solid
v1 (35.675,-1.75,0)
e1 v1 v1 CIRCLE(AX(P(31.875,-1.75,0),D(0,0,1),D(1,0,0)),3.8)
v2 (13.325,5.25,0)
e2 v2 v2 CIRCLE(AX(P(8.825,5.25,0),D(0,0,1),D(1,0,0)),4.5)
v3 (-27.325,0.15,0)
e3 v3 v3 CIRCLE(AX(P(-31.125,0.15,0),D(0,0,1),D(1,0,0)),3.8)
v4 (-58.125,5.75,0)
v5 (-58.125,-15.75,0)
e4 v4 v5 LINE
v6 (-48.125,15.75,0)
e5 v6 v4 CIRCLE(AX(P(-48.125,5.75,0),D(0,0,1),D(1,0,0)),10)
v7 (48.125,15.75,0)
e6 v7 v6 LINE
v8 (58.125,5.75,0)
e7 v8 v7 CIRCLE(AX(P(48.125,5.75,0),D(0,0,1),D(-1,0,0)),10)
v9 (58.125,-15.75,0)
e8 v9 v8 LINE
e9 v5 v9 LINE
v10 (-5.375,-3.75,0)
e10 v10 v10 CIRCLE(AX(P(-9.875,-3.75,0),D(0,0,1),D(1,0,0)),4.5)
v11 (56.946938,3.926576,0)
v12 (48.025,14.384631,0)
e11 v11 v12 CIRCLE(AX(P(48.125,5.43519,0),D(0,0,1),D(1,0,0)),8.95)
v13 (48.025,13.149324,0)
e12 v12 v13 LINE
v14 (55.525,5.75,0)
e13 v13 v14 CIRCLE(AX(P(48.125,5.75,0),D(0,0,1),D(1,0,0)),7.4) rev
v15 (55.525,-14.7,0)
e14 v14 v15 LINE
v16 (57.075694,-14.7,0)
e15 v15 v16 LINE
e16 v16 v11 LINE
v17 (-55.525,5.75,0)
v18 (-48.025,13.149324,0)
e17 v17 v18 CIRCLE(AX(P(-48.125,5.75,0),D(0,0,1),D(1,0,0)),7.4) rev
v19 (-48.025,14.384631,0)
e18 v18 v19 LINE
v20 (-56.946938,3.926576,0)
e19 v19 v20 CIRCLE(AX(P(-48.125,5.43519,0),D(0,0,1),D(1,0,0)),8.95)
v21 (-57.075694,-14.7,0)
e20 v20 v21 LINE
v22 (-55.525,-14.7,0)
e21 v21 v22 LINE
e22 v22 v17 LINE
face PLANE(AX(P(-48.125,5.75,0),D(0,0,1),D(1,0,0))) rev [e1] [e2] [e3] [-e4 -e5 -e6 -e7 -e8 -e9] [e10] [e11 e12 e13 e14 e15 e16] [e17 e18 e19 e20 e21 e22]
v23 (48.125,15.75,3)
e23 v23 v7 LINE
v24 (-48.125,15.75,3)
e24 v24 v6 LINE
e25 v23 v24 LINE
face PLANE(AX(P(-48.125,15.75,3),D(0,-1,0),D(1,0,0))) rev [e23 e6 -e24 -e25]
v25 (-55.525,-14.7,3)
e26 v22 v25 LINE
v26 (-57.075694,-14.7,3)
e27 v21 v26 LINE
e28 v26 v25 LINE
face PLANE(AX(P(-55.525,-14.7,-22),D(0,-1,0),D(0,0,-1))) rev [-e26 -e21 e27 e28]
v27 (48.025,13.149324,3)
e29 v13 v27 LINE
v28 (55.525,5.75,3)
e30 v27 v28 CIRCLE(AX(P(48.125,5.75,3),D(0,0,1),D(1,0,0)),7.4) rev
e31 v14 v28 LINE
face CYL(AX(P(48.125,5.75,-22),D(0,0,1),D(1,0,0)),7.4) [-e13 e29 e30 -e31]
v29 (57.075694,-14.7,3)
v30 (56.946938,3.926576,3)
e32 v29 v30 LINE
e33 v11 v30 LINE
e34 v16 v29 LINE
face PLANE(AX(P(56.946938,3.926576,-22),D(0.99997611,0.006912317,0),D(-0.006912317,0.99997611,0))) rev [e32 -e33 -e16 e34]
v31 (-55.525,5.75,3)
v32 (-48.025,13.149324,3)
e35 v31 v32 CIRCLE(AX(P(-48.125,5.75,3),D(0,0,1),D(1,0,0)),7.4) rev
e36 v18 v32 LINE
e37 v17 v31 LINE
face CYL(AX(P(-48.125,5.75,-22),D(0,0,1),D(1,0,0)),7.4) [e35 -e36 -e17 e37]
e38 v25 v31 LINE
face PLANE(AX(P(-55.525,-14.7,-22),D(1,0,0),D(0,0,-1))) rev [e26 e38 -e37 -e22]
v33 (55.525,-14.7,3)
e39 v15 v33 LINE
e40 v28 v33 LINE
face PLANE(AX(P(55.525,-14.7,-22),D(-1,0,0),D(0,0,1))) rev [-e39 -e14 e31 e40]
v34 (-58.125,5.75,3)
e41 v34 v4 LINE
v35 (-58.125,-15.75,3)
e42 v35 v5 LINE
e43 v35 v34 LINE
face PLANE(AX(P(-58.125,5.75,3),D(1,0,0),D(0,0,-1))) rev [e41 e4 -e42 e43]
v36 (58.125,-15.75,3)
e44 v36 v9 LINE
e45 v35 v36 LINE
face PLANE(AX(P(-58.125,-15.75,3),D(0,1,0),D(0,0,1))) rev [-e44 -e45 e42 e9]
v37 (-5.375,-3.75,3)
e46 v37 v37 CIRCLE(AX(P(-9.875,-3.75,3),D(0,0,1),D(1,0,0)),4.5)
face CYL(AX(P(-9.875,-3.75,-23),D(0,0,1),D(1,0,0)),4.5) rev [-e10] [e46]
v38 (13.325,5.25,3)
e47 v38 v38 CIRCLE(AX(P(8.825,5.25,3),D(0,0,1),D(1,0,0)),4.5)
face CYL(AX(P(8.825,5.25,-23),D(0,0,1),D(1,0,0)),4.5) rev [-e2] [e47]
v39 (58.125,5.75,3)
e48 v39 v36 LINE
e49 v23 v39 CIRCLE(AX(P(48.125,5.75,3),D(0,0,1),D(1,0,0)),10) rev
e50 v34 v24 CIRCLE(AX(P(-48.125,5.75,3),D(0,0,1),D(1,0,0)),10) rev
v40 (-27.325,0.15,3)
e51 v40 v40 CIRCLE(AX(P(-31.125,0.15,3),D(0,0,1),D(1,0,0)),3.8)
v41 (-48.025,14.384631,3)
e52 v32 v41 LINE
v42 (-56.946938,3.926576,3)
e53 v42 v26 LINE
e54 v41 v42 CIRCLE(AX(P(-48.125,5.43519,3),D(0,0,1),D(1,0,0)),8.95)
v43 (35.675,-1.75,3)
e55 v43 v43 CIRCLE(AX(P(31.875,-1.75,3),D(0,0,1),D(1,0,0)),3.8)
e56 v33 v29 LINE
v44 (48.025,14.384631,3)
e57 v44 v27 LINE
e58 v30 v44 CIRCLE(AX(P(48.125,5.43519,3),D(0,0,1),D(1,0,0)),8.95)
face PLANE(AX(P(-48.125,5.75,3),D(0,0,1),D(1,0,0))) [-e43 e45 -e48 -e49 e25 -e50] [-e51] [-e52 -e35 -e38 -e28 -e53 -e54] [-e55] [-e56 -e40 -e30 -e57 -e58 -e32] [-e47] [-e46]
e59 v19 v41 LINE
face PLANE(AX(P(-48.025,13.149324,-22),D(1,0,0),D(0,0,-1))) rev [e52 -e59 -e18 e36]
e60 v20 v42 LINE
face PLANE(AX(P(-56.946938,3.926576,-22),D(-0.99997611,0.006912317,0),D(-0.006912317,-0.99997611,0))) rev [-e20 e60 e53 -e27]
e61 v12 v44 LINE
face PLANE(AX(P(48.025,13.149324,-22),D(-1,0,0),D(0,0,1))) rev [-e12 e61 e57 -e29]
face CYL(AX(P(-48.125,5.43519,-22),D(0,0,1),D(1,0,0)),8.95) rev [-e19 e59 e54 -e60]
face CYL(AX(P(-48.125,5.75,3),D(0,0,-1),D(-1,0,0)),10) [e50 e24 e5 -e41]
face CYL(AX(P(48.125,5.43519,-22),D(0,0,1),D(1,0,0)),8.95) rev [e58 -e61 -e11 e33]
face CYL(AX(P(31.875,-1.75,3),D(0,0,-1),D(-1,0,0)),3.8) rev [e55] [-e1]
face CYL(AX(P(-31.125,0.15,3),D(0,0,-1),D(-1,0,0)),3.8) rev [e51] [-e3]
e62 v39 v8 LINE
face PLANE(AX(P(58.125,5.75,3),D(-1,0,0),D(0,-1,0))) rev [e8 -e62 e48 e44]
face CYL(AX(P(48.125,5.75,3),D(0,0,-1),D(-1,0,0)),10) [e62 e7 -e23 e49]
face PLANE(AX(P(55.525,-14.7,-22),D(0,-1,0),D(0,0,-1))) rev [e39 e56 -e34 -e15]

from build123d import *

# Parameters (mm, degrees)
SKETCH1_R           = 3.8
BOSS_EXTRUDE2_DEPTH = 3
SKETCH2_R           = 4.35
BOSS_EXTRUDE3_DEPTH = 25
CUT_EXTRUDE3_START  = -1
SKETCH10_R          = 4.35
CUT_EXTRUDE3_DEPTH  = 1
CUT_EXTRUDE4_DEPTH  = 50
SKETCH12_R          = 4.5
CUT_EXTRUDE6_DEPTH  = 50
CUT_EXTRUDE7_DEPTH  = 25


with BuildPart() as part:
    # Sketch1 → Boss-Extrude2 (new body)
    with BuildSketch(Plane.XY):
        with BuildLine():
            Line((-48.125, 15.75), (48.125, 15.75))
            ThreePointArc((48.125, 15.75), (55.196067812, 12.821067812), (58.125, 5.75))
            Line((58.125, 5.75), (58.125, -15.75))
            Line((58.125, -15.75), (-58.125, -15.75))
            Line((-58.125, -15.75), (-58.125, 5.75))
            ThreePointArc((-58.125, 5.75), (-55.196067812, 12.821067812), (-48.125, 15.75))
        make_face()
        with Locations((31.875, -1.75)):
            Circle(SKETCH1_R, mode=Mode.SUBTRACT)
        with Locations((-31.125, 0.15)):
            Circle(SKETCH1_R, mode=Mode.SUBTRACT)
    extrude(amount=BOSS_EXTRUDE2_DEPTH)

    # Sketch2 → Boss-Extrude3 (add)
    with BuildSketch(Plane.XY.offset(3)):
        with Locations((8.825, 5.25)):
            Circle(SKETCH2_R)
        with Locations((-9.875, -3.75)):
            Circle(SKETCH2_R)
        with BuildLine():
            Line((55.625, 5.75), (55.625, -15.75))
            Line((55.625, -15.75), (58.125, -15.75))
            Line((58.125, -15.75), (58.125, 5.25))
            Line((58.125, 5.25), (58.125, 5.75))
            ThreePointArc((58.125, 5.75), (55.196067812, 12.821067812), (48.125, 15.75))
            Line((48.125, 15.75), (48.125, 13.25))
            ThreePointArc((48.125, 13.25), (53.428300859, 11.053300859), (55.625, 5.75))
        make_face()
        with BuildLine():
            Line((-58.125, -15.75), (-55.625, -15.75))
            Line((-55.625, -15.75), (-55.625, 5.75))
            ThreePointArc((-55.625, 5.75), (-53.428300859, 11.053300859), (-48.125, 13.25))
            Line((-48.125, 13.25), (-48.125, 15.75))
            ThreePointArc((-48.125, 15.75), (-55.196067812, 12.821067812), (-58.125, 5.75))
            Line((-58.125, 5.75), (-58.125, 5.25))
            Line((-58.125, 5.25), (-58.125, -15.75))
        make_face()
    extrude(amount=BOSS_EXTRUDE3_DEPTH)

    # Sketch10 → Cut-Extrude3 (cut)
    with BuildSketch(Plane.XY.offset(28).offset(CUT_EXTRUDE3_START)):
        with Locations((8.825, 5.25)):
            Circle(SKETCH10_R)
        with Locations((-9.875, -3.75)):
            Circle(SKETCH10_R)
    extrude(amount=CUT_EXTRUDE3_DEPTH, mode=Mode.SUBTRACT)

    # Sketch5 → Cut-Extrude4 (cut)
    with BuildSketch(Plane.XY.offset(28)):
        with BuildLine():
            Line((55.525, -14.7), (55.525, 5.75))
            ThreePointArc((55.525, 5.75), (53.322114584, 11.017826876), (48.025, 13.149324293))
            Line((48.025, 13.149324293), (48.025, 14.384631142))
            ThreePointArc((48.025, 14.384631142), (54.933874825, 11.243952477), (56.946937757, 3.926576481))
            Line((56.946937757, 3.926576481), (57.075693637, -14.7))
            Line((57.075693637, -14.7), (55.525, -14.7))
        make_face()
        with BuildLine():
            Line((-56.946937757, 3.926576481), (-57.075693637, -14.7))
            Line((-57.075693637, -14.7), (-55.525, -14.7))
            Line((-55.525, -14.7), (-55.525, 5.75))
            ThreePointArc((-55.525, 5.75), (-53.322114584, 11.017826876), (-48.025, 13.149324293))
            Line((-48.025, 13.149324293), (-48.025, 14.384631142))
            ThreePointArc((-48.025, 14.384631142), (-54.933874825, 11.243952477), (-56.946937757, 3.926576481))
        make_face()
    extrude(amount=-CUT_EXTRUDE4_DEPTH, mode=Mode.SUBTRACT)

    # Sketch12 → Cut-Extrude6 (cut)
    with BuildSketch(Plane.XY.offset(27)):
        with Locations((-9.875, -3.75)):
            Circle(SKETCH12_R)
        with Locations((8.825, 5.25)):
            Circle(SKETCH12_R)
    extrude(amount=-CUT_EXTRUDE6_DEPTH, mode=Mode.SUBTRACT)

    # Sketch13 → Cut-Extrude7 (cut)
    with BuildSketch(Plane.XY.offset(28)):
        with BuildLine():
            Line((57.075693637, -14.7), (55.625, -14.7))
            Line((55.625, -14.7), (55.625, -15.75))
            Line((55.625, -15.75), (58.125, -15.75))
            Line((58.125, -15.75), (58.125, 5.75))
            ThreePointArc((58.125, 5.75), (55.196067812, 12.821067812), (48.125, 15.75))
            Line((48.125, 15.75), (48.125, 14.385189819))
            ThreePointArc((48.125, 14.385189819), (54.966220263, 11.205822827), (56.946937757, 3.926576481))
            Line((56.946937757, 3.926576481), (57.075693637, -14.7))
        make_face()
        with BuildLine():
            Line((-48.125, 14.385189819), (-48.125, 15.75))
            ThreePointArc((-48.125, 15.75), (-55.196067812, 12.821067812), (-58.125, 5.75))
            Line((-58.125, 5.75), (-58.125, -15.75))
            Line((-58.125, -15.75), (-55.625, -15.75))
            Line((-55.625, -15.75), (-55.625, -14.7))
            Line((-55.625, -14.7), (-57.075693637, -14.7))
            Line((-57.075693637, -14.7), (-56.946937757, 3.926576481))
            ThreePointArc((-56.946937757, 3.926576481), (-54.966220263, 11.205822827), (-48.125, 14.385189819))
        make_face()
    extrude(amount=-CUT_EXTRUDE7_DEPTH, mode=Mode.SUBTRACT)


solid = part.part
